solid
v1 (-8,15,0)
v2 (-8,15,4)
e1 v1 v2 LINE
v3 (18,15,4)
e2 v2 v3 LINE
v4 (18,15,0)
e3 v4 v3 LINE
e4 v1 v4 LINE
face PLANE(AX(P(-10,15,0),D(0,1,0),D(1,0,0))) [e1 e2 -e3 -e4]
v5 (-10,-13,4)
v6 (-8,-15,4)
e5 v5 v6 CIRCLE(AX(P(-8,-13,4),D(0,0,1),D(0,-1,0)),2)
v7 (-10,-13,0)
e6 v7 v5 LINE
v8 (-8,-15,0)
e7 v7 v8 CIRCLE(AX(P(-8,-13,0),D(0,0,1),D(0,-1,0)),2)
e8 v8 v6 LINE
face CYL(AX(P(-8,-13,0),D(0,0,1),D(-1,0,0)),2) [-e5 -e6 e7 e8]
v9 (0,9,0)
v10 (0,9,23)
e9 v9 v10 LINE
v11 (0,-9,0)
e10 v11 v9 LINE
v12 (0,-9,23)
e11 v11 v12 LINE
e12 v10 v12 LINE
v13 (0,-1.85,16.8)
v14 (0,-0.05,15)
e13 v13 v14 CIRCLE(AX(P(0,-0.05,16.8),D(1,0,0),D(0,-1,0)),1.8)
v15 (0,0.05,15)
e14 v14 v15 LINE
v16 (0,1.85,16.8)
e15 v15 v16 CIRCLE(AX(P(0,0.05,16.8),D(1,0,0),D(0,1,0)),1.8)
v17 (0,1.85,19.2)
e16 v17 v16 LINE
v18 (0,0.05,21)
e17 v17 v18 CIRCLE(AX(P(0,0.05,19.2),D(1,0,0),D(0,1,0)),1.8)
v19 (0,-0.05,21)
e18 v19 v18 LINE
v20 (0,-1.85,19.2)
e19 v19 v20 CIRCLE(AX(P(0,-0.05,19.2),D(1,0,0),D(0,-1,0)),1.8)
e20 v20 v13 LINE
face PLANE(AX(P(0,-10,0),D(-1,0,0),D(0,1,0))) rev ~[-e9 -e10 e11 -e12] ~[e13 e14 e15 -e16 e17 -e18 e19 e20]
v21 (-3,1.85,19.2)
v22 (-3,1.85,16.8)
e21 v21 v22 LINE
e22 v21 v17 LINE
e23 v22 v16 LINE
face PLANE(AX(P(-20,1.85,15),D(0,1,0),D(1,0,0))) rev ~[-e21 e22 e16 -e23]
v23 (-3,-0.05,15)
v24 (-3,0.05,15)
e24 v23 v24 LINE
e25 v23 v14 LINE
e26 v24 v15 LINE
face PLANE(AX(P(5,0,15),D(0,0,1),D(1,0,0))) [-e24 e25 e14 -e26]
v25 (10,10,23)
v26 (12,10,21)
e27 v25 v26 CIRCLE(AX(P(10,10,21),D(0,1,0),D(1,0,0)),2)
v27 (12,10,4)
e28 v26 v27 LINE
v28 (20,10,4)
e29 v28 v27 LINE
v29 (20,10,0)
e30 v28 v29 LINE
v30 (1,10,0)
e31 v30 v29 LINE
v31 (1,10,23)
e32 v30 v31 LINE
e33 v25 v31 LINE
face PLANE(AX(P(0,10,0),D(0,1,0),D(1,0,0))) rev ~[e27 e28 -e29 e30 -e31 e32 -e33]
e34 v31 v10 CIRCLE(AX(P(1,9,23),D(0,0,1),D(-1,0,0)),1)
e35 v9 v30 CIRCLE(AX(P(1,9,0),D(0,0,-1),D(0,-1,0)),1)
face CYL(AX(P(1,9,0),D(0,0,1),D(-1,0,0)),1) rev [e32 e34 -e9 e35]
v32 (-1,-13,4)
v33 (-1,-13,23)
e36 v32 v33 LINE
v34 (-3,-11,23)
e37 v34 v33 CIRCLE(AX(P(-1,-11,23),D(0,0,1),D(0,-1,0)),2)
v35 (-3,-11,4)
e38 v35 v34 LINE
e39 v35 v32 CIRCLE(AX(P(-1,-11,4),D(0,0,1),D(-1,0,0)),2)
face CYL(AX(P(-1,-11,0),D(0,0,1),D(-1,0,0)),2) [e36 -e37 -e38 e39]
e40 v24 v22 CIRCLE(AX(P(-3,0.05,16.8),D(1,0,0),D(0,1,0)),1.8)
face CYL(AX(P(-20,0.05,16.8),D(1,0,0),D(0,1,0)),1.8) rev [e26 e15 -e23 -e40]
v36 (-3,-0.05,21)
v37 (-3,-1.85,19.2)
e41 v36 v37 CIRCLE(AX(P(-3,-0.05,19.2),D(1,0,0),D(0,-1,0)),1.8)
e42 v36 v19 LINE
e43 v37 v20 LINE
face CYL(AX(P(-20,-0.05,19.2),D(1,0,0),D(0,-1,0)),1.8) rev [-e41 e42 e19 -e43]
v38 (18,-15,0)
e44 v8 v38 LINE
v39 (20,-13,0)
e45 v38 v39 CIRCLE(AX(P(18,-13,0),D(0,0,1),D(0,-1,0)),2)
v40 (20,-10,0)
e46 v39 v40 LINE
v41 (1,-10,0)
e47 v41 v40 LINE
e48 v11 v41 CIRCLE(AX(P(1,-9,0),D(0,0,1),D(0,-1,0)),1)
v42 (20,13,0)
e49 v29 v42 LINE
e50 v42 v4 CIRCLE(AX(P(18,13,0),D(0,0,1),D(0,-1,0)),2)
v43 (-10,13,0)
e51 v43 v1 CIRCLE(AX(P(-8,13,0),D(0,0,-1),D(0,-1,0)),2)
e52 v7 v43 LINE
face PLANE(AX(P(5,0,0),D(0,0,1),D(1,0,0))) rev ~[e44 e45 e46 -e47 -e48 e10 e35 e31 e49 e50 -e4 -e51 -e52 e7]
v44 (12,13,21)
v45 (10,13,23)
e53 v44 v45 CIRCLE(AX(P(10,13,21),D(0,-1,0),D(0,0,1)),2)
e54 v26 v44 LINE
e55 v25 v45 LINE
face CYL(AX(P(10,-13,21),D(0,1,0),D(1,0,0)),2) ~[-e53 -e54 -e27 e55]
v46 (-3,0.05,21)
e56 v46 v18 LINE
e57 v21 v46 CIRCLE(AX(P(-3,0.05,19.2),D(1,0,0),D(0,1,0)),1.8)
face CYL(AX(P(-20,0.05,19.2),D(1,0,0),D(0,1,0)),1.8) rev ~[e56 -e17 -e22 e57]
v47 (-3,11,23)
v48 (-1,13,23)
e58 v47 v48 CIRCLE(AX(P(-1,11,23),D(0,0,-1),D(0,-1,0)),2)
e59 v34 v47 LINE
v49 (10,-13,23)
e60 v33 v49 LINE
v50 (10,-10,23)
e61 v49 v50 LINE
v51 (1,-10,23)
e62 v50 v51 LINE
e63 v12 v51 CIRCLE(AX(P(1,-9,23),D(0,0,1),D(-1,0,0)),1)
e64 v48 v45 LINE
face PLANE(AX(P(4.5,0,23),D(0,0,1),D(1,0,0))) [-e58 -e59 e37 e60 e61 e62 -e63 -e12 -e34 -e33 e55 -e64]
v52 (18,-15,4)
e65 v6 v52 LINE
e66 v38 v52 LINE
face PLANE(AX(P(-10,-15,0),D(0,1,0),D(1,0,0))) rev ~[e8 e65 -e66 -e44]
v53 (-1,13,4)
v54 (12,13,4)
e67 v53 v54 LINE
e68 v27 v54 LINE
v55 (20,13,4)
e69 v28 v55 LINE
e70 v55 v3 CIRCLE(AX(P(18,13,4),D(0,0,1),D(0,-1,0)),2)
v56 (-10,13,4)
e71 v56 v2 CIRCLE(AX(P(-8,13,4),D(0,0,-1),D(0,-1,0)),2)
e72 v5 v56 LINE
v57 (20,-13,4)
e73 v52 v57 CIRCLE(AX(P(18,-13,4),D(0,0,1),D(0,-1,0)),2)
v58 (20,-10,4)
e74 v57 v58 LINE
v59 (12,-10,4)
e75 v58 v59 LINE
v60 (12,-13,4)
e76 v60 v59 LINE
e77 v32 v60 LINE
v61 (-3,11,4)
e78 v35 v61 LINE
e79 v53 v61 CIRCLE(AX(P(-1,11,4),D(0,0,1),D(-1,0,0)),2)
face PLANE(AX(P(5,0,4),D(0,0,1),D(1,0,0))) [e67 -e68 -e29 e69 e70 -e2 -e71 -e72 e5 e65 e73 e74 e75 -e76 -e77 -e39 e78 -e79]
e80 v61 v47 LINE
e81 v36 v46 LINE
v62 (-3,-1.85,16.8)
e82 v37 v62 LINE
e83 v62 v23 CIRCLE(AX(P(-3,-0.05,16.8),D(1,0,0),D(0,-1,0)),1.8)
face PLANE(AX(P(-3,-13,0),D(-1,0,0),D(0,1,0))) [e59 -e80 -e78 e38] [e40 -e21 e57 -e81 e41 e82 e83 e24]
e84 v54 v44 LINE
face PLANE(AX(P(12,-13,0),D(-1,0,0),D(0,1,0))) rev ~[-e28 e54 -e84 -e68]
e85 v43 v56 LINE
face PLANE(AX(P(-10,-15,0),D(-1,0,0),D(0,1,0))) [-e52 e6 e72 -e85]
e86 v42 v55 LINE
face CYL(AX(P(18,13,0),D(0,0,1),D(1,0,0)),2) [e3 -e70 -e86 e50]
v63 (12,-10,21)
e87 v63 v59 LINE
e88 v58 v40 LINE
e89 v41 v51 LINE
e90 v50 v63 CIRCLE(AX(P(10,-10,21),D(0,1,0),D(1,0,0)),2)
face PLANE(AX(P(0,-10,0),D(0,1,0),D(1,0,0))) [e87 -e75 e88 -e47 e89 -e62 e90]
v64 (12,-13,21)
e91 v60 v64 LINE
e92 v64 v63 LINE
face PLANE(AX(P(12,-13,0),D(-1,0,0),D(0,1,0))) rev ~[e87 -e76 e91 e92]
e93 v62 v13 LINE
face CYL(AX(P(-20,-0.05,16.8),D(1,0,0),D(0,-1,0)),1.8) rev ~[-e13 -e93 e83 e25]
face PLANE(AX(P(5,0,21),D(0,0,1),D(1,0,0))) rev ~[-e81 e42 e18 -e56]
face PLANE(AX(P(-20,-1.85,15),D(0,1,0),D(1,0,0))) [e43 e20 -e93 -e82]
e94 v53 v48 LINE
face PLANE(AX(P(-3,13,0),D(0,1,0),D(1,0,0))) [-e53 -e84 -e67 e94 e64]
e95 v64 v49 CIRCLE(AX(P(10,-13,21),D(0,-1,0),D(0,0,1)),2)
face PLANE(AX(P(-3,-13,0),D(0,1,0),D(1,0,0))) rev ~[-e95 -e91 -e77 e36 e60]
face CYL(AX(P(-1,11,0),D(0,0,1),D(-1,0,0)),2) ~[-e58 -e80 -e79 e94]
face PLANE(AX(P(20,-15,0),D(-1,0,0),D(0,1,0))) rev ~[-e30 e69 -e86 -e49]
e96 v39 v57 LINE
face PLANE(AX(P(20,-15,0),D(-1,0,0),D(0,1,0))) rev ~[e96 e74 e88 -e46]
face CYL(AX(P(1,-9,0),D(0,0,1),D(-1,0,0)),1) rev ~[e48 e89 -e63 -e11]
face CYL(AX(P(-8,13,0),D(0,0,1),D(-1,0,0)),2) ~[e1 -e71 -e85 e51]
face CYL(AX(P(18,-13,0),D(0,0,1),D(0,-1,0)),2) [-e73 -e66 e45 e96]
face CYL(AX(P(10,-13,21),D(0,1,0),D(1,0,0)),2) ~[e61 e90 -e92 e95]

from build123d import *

# Parameters (mm, degrees)
BOX003_W     = 50
BOX003_H     = 3.7
BOX003_DEPTH = 6
FILLET003_R  = 1.8
BOX_W        = 50
BOX_H        = 20
BOX_DEPTH    = 50
FILLET_R     = 1
BOX002_W     = 30
BOX002_H     = 30
BOX002_DEPTH = 4
FILLET002_R  = 2
BOX001_W     = 15
BOX001_H     = 26
BOX001_DEPTH = 23
FILLET001_R  = 2


with BuildPart() as fillet003:
    # Box003 → Box003 (new body)
    with BuildSketch(Plane(origin=(-20, -1.85, 15), x_dir=(1, 0, 0), z_dir=(0, 0, 1))):
        with Locations((25, 1.85)):
            Rectangle(BOX003_W, BOX003_H)
    extrude(amount=BOX003_DEPTH)

    # Fillet003
    fillet003_edges = [fillet003.edges().sort_by_distance(p)[0] for p in [
        (5, -1.85, 15),
        (5, -1.85, 21),
        (5, 1.85, 15),
        (5, 1.85, 21),
    ]]
    fillet(fillet003_edges, radius=FILLET003_R)


with BuildPart() as fusion001:
    # Box → Box (new body)
    with BuildSketch(Plane(origin=(0, -10, 0), x_dir=(1, 0, 0), z_dir=(0, 0, 1))):
        with Locations((25, 10)):
            Rectangle(BOX_W, BOX_H)
    extrude(amount=BOX_DEPTH)

    # Fillet
    fillet_edges = [fusion001.edges().sort_by_distance(p)[0] for p in [
        (0, -10, 25),
        (0, 10, 25),
    ]]
    fillet(fillet_edges, radius=FILLET_R)

    # Fusion001: union Fillet003
    add(fillet003.part)


with BuildPart() as fillet002:
    # Box002 → Box002 (new body)
    with BuildSketch(Plane(origin=(-10, -15, 0), x_dir=(1, 0, 0), z_dir=(0, 0, 1))):
        with Locations((15, 15)):
            Rectangle(BOX002_W, BOX002_H)
    extrude(amount=BOX002_DEPTH)

    # Fillet002
    fillet002_edges = [fillet002.edges().sort_by_distance(p)[0] for p in [
        (-10, -15, 2),
        (-10, 15, 2),
        (20, -15, 2),
        (20, 15, 2),
    ]]
    fillet(fillet002_edges, radius=FILLET002_R)


with BuildPart() as flood_sensor:
    # Box001 → Box001 (new body)
    with BuildSketch(Plane(origin=(-3, -13, 0), x_dir=(1, 0, 0), z_dir=(0, 0, 1))):
        with Locations((7.5, 13)):
            Rectangle(BOX001_W, BOX001_H)
    extrude(amount=BOX001_DEPTH)

    # Fillet001
    fillet001_edges = [flood_sensor.edges().sort_by_distance(p)[0] for p in [
        (-3, -13, 11.5),
        (-3, 13, 11.5),
        (12, 0, 23),
    ]]
    fillet(fillet001_edges, radius=FILLET001_R)

    # Fusion: union Fillet002
    add(fillet002.part)

    # Cut: cut Fusion001
    add(fusion001.part, mode=Mode.SUBTRACT)


solid = flood_sensor.part
